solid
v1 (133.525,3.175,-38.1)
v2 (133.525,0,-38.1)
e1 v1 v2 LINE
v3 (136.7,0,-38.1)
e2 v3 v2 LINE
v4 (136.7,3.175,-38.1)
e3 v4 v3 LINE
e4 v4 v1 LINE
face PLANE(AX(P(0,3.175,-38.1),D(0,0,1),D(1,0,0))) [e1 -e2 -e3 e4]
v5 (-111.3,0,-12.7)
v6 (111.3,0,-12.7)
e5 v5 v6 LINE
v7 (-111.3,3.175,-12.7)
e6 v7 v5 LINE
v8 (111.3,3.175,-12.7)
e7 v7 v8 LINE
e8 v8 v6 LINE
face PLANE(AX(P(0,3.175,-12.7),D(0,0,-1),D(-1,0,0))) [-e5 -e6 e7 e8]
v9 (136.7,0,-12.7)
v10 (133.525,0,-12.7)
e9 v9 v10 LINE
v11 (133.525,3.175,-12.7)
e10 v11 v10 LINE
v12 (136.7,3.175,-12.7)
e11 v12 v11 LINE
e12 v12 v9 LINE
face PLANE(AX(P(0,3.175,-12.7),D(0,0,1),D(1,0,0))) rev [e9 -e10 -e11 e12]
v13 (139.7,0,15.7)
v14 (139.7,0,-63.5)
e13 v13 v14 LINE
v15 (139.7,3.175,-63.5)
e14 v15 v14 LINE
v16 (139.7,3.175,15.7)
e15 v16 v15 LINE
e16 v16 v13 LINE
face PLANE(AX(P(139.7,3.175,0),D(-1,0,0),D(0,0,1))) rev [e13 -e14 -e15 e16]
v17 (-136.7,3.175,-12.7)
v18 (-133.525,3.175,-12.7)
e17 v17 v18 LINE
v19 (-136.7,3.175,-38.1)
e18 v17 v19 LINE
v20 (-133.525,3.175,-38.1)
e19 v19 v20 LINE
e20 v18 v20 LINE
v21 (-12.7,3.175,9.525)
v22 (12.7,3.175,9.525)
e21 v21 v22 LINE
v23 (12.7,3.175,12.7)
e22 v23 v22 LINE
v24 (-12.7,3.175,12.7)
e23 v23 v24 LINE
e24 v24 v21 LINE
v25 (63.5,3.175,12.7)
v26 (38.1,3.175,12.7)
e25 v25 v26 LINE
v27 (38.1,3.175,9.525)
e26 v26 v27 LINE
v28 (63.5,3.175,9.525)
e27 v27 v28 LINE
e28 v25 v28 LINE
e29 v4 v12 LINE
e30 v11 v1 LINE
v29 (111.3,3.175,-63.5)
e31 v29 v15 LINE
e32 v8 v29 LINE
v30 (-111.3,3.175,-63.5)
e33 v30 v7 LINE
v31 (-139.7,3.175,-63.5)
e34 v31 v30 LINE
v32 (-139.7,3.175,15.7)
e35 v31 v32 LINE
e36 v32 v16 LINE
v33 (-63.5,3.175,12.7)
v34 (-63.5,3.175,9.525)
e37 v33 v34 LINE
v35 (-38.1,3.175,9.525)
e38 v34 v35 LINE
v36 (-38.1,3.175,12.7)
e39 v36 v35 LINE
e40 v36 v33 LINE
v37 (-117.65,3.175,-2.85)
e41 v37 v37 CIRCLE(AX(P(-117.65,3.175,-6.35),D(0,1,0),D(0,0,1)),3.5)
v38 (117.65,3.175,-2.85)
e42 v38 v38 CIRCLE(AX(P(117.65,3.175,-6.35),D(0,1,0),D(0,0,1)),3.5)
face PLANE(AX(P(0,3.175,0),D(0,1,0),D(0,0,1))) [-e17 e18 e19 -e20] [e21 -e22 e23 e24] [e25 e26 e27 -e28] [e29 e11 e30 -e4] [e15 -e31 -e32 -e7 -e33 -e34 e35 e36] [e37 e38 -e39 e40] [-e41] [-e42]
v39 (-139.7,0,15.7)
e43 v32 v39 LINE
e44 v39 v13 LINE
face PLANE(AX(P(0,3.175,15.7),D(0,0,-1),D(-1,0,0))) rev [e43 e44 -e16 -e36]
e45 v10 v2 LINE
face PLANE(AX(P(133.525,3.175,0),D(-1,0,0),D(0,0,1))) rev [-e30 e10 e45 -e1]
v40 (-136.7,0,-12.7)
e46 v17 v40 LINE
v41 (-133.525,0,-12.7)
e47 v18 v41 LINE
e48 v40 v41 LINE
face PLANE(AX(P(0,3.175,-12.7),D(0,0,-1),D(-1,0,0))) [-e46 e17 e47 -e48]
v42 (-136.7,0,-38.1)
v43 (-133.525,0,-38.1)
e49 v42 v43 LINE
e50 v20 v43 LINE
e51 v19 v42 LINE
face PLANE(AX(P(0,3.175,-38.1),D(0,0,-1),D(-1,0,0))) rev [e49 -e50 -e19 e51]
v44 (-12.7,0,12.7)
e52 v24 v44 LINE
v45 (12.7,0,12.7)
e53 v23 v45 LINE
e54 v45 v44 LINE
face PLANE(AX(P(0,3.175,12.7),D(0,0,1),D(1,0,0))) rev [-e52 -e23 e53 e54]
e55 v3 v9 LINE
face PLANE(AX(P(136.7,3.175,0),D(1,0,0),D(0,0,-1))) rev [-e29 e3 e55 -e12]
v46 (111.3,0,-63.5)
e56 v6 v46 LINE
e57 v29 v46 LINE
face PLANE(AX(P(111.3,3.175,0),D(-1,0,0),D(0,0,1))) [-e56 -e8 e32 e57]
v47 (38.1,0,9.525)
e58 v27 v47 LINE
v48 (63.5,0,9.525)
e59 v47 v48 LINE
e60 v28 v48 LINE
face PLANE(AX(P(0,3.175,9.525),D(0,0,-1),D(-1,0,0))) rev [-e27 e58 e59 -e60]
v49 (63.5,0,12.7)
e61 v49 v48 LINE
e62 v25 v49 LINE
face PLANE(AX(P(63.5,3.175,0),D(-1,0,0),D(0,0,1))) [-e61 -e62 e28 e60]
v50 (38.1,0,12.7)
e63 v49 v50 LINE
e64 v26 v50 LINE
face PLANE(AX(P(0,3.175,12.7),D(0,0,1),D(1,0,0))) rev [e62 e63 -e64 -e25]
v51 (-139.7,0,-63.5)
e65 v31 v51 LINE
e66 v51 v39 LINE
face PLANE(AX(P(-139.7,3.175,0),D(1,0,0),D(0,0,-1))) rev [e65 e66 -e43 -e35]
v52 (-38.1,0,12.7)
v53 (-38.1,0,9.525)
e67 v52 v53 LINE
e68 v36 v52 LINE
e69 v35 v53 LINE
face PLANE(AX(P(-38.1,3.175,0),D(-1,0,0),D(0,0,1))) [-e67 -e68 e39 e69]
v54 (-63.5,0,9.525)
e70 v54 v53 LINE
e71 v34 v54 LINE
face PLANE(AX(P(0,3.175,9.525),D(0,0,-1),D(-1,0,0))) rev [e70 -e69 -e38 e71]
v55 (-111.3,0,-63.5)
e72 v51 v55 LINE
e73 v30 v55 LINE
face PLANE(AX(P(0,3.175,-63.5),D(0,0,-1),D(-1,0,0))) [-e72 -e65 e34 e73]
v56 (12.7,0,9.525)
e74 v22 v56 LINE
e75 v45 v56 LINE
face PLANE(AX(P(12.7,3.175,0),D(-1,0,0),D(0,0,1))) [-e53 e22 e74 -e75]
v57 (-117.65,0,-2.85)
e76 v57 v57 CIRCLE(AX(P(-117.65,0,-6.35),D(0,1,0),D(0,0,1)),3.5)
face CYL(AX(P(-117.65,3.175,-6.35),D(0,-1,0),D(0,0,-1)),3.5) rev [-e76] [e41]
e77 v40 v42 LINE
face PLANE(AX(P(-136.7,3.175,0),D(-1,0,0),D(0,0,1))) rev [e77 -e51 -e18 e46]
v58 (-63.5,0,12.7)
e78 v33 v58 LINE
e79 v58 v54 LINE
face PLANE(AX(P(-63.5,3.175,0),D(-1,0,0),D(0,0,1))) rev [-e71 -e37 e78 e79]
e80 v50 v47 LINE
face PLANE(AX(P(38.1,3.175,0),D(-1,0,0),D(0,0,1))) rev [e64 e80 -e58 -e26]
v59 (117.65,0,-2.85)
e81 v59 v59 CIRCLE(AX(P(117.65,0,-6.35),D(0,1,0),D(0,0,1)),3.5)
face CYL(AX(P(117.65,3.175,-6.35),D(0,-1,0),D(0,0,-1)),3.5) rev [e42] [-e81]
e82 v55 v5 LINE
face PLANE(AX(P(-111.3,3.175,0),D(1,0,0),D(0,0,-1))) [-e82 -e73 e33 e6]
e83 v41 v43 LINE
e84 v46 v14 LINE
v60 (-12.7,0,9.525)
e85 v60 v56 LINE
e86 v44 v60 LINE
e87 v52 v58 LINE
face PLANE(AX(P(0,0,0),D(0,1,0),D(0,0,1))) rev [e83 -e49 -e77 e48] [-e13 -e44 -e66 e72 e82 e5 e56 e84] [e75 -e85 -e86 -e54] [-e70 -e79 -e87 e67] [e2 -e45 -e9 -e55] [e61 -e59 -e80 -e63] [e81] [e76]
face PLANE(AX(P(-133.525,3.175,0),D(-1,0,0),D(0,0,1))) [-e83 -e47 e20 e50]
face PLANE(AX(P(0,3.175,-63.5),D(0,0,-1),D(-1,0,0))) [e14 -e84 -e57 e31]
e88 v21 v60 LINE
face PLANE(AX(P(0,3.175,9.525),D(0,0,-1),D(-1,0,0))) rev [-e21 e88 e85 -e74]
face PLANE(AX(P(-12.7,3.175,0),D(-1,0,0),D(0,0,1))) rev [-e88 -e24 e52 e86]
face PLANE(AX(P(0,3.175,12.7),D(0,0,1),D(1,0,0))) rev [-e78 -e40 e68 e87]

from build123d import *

# Parameters (mm, degrees)
SKETCH1_W           = 3.175
SKETCH1_H           = 25.4
SKETCH1_W_2         = 25.4
SKETCH1_H_2         = 3.175
SKETCH1_R           = 3.5
BOSS_EXTRUDE1_DEPTH = 3.175


with BuildPart() as part:
    # Sketch1 → Boss-Extrude1 (new body)
    with BuildSketch(Plane(origin=(0, 0, 0), x_dir=(1, 0, 0), z_dir=(0, 1, 0))):
        Polygon((-111.3, 63.5), (-139.7, 63.5), (-139.7, -15.7), (139.7, -15.7), (139.7, 63.5), (111.3, 63.5), (111.3, 12.7), (-111.3, 12.7), align=None)
        with Locations((135.1125, 25.4)):
            Rectangle(SKETCH1_W, SKETCH1_H, mode=Mode.SUBTRACT)
        with Locations((50.8, -11.1125)):
            Rectangle(SKETCH1_W_2, SKETCH1_H_2, mode=Mode.SUBTRACT)
        with Locations((0, -11.1125)):
            Rectangle(SKETCH1_W_2, SKETCH1_H_2, mode=Mode.SUBTRACT)
        with Locations((-50.8, -11.1125)):
            Rectangle(SKETCH1_W_2, SKETCH1_H_2, mode=Mode.SUBTRACT)
        with Locations((-135.1125, 25.4)):
            Rectangle(SKETCH1_W, SKETCH1_H, mode=Mode.SUBTRACT)
        with Locations((-117.65, 6.35)):
            Circle(SKETCH1_R, mode=Mode.SUBTRACT)
        with Locations((117.65, 6.35)):
            Circle(SKETCH1_R, mode=Mode.SUBTRACT)
    extrude(amount=BOSS_EXTRUDE1_DEPTH)


solid = part.part
